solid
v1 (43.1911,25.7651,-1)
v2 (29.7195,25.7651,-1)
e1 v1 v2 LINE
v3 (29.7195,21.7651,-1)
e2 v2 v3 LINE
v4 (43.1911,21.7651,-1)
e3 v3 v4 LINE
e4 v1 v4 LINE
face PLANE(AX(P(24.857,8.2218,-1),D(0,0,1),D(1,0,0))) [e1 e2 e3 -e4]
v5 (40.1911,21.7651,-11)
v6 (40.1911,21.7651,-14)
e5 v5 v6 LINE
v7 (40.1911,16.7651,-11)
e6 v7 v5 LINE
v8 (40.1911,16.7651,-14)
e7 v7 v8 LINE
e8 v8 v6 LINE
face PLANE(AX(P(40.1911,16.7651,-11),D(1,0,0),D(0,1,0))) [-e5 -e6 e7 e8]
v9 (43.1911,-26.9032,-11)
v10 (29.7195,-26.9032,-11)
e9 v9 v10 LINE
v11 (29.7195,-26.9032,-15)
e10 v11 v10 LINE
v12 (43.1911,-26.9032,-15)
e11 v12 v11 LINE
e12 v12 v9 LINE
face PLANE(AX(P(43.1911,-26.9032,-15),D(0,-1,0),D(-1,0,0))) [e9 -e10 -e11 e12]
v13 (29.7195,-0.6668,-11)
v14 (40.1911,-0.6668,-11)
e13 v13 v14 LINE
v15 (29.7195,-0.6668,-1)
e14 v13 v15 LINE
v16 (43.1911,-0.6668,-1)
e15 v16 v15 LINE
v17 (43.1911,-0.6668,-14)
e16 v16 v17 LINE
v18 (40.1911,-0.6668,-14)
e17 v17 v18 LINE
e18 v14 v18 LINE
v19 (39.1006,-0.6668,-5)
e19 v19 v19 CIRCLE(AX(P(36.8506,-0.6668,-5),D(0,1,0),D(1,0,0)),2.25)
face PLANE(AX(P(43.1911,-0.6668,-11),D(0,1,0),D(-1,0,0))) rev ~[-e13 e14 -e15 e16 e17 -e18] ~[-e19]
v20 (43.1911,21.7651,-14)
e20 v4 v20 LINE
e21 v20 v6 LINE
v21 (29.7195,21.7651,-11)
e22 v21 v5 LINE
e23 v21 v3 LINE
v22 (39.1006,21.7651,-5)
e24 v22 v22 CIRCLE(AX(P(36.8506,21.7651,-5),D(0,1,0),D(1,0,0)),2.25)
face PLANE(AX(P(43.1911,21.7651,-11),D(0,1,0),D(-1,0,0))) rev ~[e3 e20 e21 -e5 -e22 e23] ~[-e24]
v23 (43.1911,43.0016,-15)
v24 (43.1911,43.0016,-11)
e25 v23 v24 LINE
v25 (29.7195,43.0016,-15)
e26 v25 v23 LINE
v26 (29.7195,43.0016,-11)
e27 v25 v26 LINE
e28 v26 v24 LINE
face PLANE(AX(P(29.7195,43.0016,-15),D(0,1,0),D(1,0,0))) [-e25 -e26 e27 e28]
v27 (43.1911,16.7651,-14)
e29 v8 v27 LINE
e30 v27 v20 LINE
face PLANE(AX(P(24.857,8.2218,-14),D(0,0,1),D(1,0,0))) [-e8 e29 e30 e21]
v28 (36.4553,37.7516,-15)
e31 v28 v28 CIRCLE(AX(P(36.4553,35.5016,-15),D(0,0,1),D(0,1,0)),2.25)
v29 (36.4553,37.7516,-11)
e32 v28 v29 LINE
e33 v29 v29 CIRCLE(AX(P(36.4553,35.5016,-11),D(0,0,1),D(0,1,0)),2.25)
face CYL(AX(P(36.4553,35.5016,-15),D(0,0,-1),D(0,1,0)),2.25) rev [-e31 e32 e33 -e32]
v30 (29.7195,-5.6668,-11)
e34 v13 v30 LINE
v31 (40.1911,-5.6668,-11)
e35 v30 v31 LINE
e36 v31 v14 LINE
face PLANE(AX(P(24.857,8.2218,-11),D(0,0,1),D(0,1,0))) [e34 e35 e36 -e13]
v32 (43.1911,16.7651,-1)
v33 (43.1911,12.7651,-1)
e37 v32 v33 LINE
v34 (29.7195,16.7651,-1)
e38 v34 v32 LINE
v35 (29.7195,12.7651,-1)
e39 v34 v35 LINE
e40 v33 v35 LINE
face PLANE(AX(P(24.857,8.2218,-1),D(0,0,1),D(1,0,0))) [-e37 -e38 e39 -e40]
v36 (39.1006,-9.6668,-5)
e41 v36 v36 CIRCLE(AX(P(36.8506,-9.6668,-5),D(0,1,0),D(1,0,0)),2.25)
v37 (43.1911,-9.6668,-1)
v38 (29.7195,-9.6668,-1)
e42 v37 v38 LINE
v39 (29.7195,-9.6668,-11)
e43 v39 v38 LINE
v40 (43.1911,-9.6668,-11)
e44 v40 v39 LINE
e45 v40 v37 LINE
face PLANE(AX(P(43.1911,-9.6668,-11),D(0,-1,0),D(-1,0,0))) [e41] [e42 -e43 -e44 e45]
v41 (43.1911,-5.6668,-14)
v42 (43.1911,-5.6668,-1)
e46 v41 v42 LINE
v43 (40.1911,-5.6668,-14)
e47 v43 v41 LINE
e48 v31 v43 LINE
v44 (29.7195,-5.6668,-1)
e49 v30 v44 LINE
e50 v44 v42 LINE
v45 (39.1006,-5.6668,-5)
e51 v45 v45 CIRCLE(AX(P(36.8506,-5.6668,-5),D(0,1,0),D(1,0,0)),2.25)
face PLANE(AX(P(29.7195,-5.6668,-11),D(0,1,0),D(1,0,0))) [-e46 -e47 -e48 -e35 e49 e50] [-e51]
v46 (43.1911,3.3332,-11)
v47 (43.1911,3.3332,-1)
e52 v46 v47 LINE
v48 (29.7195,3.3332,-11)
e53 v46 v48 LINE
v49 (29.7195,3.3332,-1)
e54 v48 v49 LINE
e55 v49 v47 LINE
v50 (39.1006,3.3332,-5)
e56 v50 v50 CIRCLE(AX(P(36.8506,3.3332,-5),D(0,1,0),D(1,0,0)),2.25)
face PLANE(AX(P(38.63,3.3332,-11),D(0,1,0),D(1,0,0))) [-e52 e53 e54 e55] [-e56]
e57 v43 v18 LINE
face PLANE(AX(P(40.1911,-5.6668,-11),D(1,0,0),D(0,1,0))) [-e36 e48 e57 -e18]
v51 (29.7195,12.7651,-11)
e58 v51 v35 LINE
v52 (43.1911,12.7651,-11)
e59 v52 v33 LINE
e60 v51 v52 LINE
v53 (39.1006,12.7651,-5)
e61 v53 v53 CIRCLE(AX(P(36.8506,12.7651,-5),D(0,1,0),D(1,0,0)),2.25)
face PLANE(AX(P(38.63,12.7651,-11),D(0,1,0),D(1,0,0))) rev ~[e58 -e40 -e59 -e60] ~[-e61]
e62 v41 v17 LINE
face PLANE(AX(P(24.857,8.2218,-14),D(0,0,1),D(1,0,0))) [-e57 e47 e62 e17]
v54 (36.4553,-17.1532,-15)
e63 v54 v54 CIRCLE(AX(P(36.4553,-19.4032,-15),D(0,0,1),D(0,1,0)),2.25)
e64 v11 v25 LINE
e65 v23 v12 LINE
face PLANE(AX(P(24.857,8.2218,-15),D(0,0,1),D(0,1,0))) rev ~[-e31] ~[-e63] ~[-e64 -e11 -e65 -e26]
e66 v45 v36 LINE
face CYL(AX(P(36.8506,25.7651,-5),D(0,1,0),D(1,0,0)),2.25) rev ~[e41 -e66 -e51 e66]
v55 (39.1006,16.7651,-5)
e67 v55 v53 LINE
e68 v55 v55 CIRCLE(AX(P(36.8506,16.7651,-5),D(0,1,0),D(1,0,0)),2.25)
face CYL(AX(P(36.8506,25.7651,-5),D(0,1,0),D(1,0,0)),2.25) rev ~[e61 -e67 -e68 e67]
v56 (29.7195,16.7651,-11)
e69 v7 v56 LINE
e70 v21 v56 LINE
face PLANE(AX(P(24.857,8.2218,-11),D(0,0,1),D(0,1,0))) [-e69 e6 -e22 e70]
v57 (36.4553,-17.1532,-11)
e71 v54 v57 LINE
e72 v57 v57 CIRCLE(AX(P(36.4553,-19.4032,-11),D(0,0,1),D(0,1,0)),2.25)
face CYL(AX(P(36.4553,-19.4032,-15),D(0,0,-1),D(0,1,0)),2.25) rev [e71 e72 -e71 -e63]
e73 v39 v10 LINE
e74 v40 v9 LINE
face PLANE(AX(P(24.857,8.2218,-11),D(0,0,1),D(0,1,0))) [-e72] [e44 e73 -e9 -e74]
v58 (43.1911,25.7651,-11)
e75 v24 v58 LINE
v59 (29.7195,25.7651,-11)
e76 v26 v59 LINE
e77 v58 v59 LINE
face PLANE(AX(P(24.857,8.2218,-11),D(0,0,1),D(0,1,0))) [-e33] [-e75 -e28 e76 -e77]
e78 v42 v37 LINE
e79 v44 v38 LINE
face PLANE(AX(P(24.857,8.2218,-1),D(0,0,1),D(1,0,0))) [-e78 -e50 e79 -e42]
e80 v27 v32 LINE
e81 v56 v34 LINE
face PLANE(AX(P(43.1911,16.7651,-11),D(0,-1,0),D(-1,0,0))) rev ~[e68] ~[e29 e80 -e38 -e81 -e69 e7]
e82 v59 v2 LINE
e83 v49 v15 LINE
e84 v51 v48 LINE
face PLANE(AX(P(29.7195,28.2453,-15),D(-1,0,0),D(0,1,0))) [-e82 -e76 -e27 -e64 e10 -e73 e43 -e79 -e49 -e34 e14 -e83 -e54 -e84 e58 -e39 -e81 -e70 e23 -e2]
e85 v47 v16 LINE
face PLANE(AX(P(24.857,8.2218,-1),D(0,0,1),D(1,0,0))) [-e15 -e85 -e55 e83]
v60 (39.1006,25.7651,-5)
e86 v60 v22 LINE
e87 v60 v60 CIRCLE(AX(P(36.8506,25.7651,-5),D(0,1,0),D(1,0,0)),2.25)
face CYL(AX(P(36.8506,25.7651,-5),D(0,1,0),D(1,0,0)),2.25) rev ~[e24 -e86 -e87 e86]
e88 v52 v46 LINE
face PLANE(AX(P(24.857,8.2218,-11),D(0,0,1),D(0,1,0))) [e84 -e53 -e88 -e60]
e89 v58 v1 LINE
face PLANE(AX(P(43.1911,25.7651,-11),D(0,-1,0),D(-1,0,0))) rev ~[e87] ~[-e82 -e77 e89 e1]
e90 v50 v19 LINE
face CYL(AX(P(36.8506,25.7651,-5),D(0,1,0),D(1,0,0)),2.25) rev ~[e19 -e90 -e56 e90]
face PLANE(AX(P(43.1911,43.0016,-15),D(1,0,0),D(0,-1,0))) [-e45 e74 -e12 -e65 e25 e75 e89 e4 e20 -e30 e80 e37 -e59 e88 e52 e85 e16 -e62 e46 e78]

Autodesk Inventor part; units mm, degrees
ref_plane "YZ Plane" through (0, 0, 0) normal (1, 0, 0) x (0, 1, 0)
ref_plane "XZ Plane" through (0, 0, 0) normal (0, 1, 0) x (-1, 0, 0)
ref_plane "XY Plane" through (0, 0, 0) normal (0, 0, 1) x (1, 0, 0)
ref_plane "Plan de construction1" through (24.857, 8.2218, -15) normal (0, 0, 1) x (0, 1, 0)
sketch "Esquisse1" plane through (24.857, 8.2218, -15) normal (0, 0, 1) x (0, 1, 0)
  circle A0 centre (-27.625, -11.5983) radius 2.25 projected
  circle A1 centre (27.2798, -11.5983) radius 2.25 projected
  circle A2 centre (-14.9765, -0.1949) radius 2.15 projected
  circle A3 centre (15.0235, -0.1949) radius 2.15 projected
  line L0 (34.7798, -18.3341) -> (-35.125, -18.3341) projected
  line L1 (34.7798, -4.8625) -> (34.7798, -18.3341) projected
  line L2 (20.0235, -4.8625) -> (34.7798, -4.8625) projected
  line L3 (20.0235, -4.8625) -> (20.0235, 5.1375) projected
  line L4 (20.0235, 5.1375) -> (11.0235, 5.1375) projected
  line L5 (11.0235, 5.1375) -> (11.0235, -13.773) projected
  line L6 (11.0235, -13.773) -> (-11.125, -13.773) projected
  line L7 (-11.125, -13.773) -> (-11.125, 5.1375) projected
  line L8 (-11.125, 5.1375) -> (-20.125, 5.1375) projected
  line L9 (-20.125, 5.1375) -> (-20.125, -4.8625) projected
  line L10 (-35.125, -4.8625) -> (-20.125, -4.8625) projected
  line L11 (-35.125, -18.3341) -> (-35.125, -4.8625) projected
  line L12 (34.7798, -18.3341) -> (-35.125, -18.3341)
  line L13 (-35.125, -18.3341) -> (-35.125, -4.8625)
  line L14 (-35.125, -4.8625) -> (34.7798, -4.8625)
  line L15 (34.7798, -4.8625) -> (34.7798, -18.3341)
  point P0 (-8.2218, 24.857)
extrude "Extrusion1" add sketch "Esquisse1" along normal blind 4 contours L0 L11 L10 L14 L7 L6 L5 L2 L1 | L5 L6 L7 L14
sketch "Esquisse2" plane through (24.857, 8.2218, -11) normal (0, 0, 1) x (1, 0, 0)
  circle A0 centre (11.5983, -27.625) radius 2.25 projected
  circle A1 centre (11.5983, 27.2798) radius 2.25 projected
  circle A2 centre (0.1949, -14.9765) radius 2.15 projected
  circle A3 centre (0.1949, 15.0235) radius 2.15 projected
  line L0 (18.3341, 34.7798) -> (18.3341, -35.125) projected
  line L1 (4.8625, 34.7798) -> (18.3341, 34.7798) projected
  line L2 (4.8625, 20.0235) -> (4.8625, 34.7798) projected
  line L3 (4.8625, 20.0235) -> (-5.1375, 20.0235) projected
  line L4 (-5.1375, 20.0235) -> (-5.1375, 11.0235) projected
  line L5 (-5.1375, 11.0235) -> (13.773, 11.0235) projected
  line L6 (13.773, 11.0235) -> (13.773, -11.125) projected
  line L7 (13.773, -11.125) -> (-5.1375, -11.125) projected
  line L8 (-5.1375, -11.125) -> (-5.1375, -20.125) projected
  line L9 (-5.1375, -20.125) -> (4.8625, -20.125) projected
  line L10 (4.8625, -35.125) -> (4.8625, -20.125) projected
  line L11 (18.3341, -35.125) -> (4.8625, -35.125) projected
  line L12 (18.3341, -35.125) -> (18.3341, 34.7798) projected
  line L13 (4.8625, 34.7798) -> (4.8625, -35.125) projected
  line L14 (18.3341, 17.5433) -> (4.8625, 17.5433)
  line L15 (4.8625, 17.5433) -> (4.8625, 13.5433)
  line L16 (4.8625, 13.5433) -> (18.3341, 13.5433)
  line L17 (18.3341, 13.5433) -> (18.3341, 17.5433)
  line L18 (18.3341, -0.1726) -> (4.8625, -0.1726) construction
  line L19 (18.3341, 13.5433) -> (18.3341, 8.5433) construction
  line L20 (18.3341, 8.5433) -> (4.8625, 8.5433)
  line L21 (4.8625, 8.5433) -> (4.8625, 4.5433)
  line L22 (4.8625, 4.5433) -> (18.3341, 4.5433)
  line L23 (18.3341, 4.5433) -> (18.3341, 8.5433)
  line L24 (4.8625, -35.125) -> (4.8625, 34.7798)
  line L25 (18.3341, -17.8886) -> (4.8625, -17.8886)
  line L26 (4.8625, -17.8886) -> (4.8625, -13.8886)
  line L27 (4.8625, -13.8886) -> (18.3341, -13.8886)
  line L28 (18.3341, -13.8886) -> (18.3341, -17.8886)
  line L29 (18.3341, -8.8886) -> (4.8625, -8.8886)
  line L30 (4.8625, -8.8886) -> (4.8625, -4.8886)
  line L31 (4.8625, -4.8886) -> (18.3341, -4.8886)
  line L32 (18.3341, -4.8886) -> (18.3341, -8.8886)
  point P0 (-24.857, -8.2218)
  dimension "d2" = 4
  dimension "d3" = 5
  dimension "d4" = 4
extrude "Extrusion2" add sketch "Esquisse2" along normal blind 10 contours L0 L16 L13 L14 | L0 L22 L6 L20 | L6 L22 L13 L20 | L0 L29 L6 L31 | L6 L29 L13 L31 | L0 L25 L13 L27
sketch "Esquisse3" plane through (29.7194, 25.7651, -11) normal (0, 1, 0) x (1, 0, 0)
  circle A0 centre (7.1312, -6) radius 2.25
  line L0 (13.4716, -10) -> (0, -10) projected
  point P0 (-29.7194, -11)
  dimension "d7" = 4.5
  dimension "d8" = 4
extrude "Extrusion3" cut sketch "Esquisse3" against normal blind 55.75
sketch "Esquisse4" plane through (24.857, 8.2218, -11) normal (0, 0, 1) x (1, 0, 0)
  line L0 (18.3341, 13.5433) -> (4.8625, 13.5433) projected
  line L1 (4.8625, 13.5433) -> (4.8625, 8.5433) projected
  line L2 (4.8625, 8.5433) -> (18.3341, 8.5433) projected
  line L3 (18.3341, 8.5433) -> (18.3341, 13.5433) projected
  line L4 (18.3341, -8.8886) -> (4.8625, -8.8886) projected
  line L5 (4.8625, -8.8886) -> (4.8625, -13.8886) projected
  line L6 (4.8625, -13.8886) -> (18.3341, -13.8886) projected
  line L7 (18.3341, -13.8886) -> (18.3341, -8.8886) projected
  line L8 (4.8625, 13.5433) -> (18.3341, 13.5433) projected
  line L9 (18.3341, 8.5433) -> (15.3341, 8.5433)
  line L10 (15.3341, 8.5433) -> (15.3341, 13.5433)
  line L11 (15.3341, 13.5433) -> (18.3341, 13.5433)
  line L12 (18.3341, 13.5433) -> (18.3341, 8.5433)
  line L13 (18.3341, -13.8886) -> (15.3341, -13.8886)
  line L14 (15.3341, -13.8886) -> (15.3341, -8.8886)
  line L15 (15.3341, -8.8886) -> (18.3341, -8.8886)
  line L16 (18.3341, -8.8886) -> (18.3341, -13.8886)
  point P0 (-24.857, -8.2218)
  dimension "d11" = 3
  dimension "d12" = 3
extrude "Extrusion4" cut sketch "Esquisse4" against normal blind 3 contours L3 L2 L10 L0 | L7 L6 L14 L4
properties part number "enclenchement"
